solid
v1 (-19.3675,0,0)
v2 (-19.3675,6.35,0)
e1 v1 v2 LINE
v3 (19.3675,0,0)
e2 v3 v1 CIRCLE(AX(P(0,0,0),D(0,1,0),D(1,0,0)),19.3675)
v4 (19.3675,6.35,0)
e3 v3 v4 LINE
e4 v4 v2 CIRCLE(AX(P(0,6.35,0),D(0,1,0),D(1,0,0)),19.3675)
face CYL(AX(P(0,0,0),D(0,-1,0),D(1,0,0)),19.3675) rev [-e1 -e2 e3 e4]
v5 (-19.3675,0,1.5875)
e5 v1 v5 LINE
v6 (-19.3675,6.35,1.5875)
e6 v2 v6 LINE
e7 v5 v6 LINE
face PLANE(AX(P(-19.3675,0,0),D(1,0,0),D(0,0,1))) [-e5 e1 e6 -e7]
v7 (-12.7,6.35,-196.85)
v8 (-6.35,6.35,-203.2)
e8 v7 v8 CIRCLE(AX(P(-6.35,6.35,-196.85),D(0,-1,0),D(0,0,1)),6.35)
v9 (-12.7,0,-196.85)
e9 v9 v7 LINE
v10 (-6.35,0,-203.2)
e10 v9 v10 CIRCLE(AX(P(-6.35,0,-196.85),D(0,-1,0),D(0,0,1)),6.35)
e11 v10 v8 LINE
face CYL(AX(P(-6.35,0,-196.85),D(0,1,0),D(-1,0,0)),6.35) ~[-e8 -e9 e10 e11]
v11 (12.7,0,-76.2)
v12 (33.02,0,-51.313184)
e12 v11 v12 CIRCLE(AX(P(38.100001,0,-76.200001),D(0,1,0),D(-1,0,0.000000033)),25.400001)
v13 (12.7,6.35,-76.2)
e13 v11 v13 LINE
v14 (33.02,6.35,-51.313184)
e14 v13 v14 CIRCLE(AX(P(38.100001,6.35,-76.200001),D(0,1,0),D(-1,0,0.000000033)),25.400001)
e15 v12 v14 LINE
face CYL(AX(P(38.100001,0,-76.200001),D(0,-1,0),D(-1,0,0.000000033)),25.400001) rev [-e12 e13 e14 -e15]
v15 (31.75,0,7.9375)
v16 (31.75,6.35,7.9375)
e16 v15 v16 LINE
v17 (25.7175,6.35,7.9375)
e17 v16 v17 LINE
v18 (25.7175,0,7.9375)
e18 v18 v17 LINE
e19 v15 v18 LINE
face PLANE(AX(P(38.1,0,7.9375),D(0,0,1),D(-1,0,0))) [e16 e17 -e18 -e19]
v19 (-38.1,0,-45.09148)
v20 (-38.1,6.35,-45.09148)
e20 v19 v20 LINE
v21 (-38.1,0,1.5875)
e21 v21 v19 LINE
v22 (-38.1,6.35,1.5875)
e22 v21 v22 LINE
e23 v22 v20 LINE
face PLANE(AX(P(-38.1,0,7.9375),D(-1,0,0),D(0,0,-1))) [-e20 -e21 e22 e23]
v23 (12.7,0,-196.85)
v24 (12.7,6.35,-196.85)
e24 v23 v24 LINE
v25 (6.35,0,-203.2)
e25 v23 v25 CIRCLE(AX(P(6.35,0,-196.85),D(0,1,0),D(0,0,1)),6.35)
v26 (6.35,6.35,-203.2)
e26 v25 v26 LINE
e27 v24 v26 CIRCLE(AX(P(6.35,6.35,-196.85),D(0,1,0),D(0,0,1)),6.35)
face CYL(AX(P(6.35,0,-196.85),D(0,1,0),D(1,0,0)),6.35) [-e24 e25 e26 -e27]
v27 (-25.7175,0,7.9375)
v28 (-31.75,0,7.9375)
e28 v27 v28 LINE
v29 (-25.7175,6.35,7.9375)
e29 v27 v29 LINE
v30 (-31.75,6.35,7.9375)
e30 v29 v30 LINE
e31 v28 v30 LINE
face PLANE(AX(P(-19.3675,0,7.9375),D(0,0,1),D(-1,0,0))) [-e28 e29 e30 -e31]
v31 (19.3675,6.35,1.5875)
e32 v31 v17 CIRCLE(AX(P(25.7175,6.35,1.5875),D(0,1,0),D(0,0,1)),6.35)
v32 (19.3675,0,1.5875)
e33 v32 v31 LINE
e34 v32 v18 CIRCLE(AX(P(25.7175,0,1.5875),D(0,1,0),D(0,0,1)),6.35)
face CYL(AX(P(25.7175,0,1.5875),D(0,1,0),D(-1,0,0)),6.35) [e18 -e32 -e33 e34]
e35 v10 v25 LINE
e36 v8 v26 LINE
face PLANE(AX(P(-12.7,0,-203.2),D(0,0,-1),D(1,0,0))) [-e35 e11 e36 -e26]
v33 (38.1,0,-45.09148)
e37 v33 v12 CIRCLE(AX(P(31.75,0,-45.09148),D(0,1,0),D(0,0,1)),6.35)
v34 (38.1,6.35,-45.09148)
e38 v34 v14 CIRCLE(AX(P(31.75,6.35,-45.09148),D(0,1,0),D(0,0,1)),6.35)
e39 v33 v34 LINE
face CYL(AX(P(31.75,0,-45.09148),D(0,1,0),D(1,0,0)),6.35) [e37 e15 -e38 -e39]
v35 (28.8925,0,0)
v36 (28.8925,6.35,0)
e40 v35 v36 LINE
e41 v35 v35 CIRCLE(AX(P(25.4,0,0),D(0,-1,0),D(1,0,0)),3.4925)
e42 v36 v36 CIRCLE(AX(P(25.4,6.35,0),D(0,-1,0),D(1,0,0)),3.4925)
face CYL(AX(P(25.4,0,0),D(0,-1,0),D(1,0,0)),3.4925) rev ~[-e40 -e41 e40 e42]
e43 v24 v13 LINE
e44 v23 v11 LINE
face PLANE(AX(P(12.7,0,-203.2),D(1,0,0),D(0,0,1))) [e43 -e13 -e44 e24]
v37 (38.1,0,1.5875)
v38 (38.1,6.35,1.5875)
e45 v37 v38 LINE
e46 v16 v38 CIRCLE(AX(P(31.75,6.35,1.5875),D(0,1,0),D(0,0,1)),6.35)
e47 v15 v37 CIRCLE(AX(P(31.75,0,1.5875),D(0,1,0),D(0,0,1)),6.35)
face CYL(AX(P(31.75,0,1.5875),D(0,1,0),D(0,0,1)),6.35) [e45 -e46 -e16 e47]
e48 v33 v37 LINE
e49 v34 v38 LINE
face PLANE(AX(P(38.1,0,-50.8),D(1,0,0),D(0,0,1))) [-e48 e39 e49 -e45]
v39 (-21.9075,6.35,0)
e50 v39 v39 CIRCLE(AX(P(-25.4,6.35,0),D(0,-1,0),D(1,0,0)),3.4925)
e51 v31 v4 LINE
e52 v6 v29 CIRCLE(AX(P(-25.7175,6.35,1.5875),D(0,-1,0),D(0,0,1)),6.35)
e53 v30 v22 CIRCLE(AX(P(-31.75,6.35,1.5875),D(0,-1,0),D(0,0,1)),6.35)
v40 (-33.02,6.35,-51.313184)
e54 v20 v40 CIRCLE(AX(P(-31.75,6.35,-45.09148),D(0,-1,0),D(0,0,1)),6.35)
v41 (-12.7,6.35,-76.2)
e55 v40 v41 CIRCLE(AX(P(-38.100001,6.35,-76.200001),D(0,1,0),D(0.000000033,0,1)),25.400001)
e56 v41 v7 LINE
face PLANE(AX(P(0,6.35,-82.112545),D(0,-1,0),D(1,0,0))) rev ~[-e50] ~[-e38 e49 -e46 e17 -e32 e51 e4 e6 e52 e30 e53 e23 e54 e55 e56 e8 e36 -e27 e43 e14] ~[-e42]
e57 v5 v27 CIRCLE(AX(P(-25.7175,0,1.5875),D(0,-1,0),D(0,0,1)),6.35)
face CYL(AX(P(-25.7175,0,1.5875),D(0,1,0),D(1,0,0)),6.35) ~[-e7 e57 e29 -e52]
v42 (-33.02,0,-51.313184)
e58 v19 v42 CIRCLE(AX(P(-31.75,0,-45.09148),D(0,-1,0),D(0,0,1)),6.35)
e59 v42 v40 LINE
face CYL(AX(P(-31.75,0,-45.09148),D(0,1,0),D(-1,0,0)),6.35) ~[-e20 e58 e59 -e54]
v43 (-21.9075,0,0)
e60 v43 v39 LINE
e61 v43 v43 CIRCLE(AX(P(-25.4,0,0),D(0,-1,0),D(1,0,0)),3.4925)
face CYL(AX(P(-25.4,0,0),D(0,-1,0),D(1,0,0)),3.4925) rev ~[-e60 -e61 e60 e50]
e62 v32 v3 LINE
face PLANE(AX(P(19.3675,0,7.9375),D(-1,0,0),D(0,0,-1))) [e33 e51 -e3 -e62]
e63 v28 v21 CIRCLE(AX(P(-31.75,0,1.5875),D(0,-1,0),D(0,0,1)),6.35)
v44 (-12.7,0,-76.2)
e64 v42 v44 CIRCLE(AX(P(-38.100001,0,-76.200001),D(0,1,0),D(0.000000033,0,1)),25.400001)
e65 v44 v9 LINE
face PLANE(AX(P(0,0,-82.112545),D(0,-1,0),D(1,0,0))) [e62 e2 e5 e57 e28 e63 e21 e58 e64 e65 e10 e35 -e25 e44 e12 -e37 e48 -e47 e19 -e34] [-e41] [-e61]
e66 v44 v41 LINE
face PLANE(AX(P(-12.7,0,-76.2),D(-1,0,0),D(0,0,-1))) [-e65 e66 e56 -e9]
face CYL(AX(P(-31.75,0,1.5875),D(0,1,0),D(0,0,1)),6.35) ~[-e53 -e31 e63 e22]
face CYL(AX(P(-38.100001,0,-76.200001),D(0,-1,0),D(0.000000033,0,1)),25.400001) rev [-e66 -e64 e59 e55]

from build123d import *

# Parameters (mm, degrees)
F0_R     = 3.4925
F1_DEPTH = 6.35
F2_R     = 6.35


with BuildPart() as f1:
    # F0 (on Front) → F1 (new body)
    with BuildSketch(Plane.XZ):
        with BuildLine():
            ThreePointArc((19.3675, 0), (0, -19.3675), (-19.3675, 0))
            Line((-19.3675, 0), (-19.3675, 7.9375))
            Line((-19.3675, 7.9375), (-38.1, 7.9375))
            Line((-38.1, 7.9375), (-38.1, -50.8))
            ThreePointArc((-38.1, -50.8), (-20.139488, -58.239488), (-12.7, -76.2))
            Line((-12.7, -76.2), (-12.7, -203.2))
            Line((-12.7, -203.2), (12.7, -203.2))
            Line((12.7, -203.2), (12.7, -76.2))
            ThreePointArc((12.7, -76.2), (20.139488, -58.239488), (38.1, -50.8))
            Line((38.1, -50.8), (38.1, 7.9375))
            Line((38.1, 7.9375), (19.3675, 7.9375))
            Line((19.3675, 7.9375), (19.3675, 0))
        make_face()
        with Locations((-25.4, 0)):
            Circle(F0_R, mode=Mode.SUBTRACT)
        with Locations((25.4, 0)):
            Circle(F0_R, mode=Mode.SUBTRACT)
    extrude(amount=-F1_DEPTH)

    # F2
    f2_edges = [f1.edges().sort_by_distance(p)[0] for p in [
        (-38.1, 3.175, -50.8),
        (38.1, 3.175, -50.8),
        (38.1, 3.175, 7.9375),
        (-38.1, 3.175, 7.9375),
        (-19.3675, 3.175, 7.9375),
        (19.3675, 3.175, 7.9375),
        (12.7, 3.175, -203.2),
        (-12.7, 3.175, -203.2),
    ]]
    fillet(f2_edges, radius=F2_R)


solid = f1.part
